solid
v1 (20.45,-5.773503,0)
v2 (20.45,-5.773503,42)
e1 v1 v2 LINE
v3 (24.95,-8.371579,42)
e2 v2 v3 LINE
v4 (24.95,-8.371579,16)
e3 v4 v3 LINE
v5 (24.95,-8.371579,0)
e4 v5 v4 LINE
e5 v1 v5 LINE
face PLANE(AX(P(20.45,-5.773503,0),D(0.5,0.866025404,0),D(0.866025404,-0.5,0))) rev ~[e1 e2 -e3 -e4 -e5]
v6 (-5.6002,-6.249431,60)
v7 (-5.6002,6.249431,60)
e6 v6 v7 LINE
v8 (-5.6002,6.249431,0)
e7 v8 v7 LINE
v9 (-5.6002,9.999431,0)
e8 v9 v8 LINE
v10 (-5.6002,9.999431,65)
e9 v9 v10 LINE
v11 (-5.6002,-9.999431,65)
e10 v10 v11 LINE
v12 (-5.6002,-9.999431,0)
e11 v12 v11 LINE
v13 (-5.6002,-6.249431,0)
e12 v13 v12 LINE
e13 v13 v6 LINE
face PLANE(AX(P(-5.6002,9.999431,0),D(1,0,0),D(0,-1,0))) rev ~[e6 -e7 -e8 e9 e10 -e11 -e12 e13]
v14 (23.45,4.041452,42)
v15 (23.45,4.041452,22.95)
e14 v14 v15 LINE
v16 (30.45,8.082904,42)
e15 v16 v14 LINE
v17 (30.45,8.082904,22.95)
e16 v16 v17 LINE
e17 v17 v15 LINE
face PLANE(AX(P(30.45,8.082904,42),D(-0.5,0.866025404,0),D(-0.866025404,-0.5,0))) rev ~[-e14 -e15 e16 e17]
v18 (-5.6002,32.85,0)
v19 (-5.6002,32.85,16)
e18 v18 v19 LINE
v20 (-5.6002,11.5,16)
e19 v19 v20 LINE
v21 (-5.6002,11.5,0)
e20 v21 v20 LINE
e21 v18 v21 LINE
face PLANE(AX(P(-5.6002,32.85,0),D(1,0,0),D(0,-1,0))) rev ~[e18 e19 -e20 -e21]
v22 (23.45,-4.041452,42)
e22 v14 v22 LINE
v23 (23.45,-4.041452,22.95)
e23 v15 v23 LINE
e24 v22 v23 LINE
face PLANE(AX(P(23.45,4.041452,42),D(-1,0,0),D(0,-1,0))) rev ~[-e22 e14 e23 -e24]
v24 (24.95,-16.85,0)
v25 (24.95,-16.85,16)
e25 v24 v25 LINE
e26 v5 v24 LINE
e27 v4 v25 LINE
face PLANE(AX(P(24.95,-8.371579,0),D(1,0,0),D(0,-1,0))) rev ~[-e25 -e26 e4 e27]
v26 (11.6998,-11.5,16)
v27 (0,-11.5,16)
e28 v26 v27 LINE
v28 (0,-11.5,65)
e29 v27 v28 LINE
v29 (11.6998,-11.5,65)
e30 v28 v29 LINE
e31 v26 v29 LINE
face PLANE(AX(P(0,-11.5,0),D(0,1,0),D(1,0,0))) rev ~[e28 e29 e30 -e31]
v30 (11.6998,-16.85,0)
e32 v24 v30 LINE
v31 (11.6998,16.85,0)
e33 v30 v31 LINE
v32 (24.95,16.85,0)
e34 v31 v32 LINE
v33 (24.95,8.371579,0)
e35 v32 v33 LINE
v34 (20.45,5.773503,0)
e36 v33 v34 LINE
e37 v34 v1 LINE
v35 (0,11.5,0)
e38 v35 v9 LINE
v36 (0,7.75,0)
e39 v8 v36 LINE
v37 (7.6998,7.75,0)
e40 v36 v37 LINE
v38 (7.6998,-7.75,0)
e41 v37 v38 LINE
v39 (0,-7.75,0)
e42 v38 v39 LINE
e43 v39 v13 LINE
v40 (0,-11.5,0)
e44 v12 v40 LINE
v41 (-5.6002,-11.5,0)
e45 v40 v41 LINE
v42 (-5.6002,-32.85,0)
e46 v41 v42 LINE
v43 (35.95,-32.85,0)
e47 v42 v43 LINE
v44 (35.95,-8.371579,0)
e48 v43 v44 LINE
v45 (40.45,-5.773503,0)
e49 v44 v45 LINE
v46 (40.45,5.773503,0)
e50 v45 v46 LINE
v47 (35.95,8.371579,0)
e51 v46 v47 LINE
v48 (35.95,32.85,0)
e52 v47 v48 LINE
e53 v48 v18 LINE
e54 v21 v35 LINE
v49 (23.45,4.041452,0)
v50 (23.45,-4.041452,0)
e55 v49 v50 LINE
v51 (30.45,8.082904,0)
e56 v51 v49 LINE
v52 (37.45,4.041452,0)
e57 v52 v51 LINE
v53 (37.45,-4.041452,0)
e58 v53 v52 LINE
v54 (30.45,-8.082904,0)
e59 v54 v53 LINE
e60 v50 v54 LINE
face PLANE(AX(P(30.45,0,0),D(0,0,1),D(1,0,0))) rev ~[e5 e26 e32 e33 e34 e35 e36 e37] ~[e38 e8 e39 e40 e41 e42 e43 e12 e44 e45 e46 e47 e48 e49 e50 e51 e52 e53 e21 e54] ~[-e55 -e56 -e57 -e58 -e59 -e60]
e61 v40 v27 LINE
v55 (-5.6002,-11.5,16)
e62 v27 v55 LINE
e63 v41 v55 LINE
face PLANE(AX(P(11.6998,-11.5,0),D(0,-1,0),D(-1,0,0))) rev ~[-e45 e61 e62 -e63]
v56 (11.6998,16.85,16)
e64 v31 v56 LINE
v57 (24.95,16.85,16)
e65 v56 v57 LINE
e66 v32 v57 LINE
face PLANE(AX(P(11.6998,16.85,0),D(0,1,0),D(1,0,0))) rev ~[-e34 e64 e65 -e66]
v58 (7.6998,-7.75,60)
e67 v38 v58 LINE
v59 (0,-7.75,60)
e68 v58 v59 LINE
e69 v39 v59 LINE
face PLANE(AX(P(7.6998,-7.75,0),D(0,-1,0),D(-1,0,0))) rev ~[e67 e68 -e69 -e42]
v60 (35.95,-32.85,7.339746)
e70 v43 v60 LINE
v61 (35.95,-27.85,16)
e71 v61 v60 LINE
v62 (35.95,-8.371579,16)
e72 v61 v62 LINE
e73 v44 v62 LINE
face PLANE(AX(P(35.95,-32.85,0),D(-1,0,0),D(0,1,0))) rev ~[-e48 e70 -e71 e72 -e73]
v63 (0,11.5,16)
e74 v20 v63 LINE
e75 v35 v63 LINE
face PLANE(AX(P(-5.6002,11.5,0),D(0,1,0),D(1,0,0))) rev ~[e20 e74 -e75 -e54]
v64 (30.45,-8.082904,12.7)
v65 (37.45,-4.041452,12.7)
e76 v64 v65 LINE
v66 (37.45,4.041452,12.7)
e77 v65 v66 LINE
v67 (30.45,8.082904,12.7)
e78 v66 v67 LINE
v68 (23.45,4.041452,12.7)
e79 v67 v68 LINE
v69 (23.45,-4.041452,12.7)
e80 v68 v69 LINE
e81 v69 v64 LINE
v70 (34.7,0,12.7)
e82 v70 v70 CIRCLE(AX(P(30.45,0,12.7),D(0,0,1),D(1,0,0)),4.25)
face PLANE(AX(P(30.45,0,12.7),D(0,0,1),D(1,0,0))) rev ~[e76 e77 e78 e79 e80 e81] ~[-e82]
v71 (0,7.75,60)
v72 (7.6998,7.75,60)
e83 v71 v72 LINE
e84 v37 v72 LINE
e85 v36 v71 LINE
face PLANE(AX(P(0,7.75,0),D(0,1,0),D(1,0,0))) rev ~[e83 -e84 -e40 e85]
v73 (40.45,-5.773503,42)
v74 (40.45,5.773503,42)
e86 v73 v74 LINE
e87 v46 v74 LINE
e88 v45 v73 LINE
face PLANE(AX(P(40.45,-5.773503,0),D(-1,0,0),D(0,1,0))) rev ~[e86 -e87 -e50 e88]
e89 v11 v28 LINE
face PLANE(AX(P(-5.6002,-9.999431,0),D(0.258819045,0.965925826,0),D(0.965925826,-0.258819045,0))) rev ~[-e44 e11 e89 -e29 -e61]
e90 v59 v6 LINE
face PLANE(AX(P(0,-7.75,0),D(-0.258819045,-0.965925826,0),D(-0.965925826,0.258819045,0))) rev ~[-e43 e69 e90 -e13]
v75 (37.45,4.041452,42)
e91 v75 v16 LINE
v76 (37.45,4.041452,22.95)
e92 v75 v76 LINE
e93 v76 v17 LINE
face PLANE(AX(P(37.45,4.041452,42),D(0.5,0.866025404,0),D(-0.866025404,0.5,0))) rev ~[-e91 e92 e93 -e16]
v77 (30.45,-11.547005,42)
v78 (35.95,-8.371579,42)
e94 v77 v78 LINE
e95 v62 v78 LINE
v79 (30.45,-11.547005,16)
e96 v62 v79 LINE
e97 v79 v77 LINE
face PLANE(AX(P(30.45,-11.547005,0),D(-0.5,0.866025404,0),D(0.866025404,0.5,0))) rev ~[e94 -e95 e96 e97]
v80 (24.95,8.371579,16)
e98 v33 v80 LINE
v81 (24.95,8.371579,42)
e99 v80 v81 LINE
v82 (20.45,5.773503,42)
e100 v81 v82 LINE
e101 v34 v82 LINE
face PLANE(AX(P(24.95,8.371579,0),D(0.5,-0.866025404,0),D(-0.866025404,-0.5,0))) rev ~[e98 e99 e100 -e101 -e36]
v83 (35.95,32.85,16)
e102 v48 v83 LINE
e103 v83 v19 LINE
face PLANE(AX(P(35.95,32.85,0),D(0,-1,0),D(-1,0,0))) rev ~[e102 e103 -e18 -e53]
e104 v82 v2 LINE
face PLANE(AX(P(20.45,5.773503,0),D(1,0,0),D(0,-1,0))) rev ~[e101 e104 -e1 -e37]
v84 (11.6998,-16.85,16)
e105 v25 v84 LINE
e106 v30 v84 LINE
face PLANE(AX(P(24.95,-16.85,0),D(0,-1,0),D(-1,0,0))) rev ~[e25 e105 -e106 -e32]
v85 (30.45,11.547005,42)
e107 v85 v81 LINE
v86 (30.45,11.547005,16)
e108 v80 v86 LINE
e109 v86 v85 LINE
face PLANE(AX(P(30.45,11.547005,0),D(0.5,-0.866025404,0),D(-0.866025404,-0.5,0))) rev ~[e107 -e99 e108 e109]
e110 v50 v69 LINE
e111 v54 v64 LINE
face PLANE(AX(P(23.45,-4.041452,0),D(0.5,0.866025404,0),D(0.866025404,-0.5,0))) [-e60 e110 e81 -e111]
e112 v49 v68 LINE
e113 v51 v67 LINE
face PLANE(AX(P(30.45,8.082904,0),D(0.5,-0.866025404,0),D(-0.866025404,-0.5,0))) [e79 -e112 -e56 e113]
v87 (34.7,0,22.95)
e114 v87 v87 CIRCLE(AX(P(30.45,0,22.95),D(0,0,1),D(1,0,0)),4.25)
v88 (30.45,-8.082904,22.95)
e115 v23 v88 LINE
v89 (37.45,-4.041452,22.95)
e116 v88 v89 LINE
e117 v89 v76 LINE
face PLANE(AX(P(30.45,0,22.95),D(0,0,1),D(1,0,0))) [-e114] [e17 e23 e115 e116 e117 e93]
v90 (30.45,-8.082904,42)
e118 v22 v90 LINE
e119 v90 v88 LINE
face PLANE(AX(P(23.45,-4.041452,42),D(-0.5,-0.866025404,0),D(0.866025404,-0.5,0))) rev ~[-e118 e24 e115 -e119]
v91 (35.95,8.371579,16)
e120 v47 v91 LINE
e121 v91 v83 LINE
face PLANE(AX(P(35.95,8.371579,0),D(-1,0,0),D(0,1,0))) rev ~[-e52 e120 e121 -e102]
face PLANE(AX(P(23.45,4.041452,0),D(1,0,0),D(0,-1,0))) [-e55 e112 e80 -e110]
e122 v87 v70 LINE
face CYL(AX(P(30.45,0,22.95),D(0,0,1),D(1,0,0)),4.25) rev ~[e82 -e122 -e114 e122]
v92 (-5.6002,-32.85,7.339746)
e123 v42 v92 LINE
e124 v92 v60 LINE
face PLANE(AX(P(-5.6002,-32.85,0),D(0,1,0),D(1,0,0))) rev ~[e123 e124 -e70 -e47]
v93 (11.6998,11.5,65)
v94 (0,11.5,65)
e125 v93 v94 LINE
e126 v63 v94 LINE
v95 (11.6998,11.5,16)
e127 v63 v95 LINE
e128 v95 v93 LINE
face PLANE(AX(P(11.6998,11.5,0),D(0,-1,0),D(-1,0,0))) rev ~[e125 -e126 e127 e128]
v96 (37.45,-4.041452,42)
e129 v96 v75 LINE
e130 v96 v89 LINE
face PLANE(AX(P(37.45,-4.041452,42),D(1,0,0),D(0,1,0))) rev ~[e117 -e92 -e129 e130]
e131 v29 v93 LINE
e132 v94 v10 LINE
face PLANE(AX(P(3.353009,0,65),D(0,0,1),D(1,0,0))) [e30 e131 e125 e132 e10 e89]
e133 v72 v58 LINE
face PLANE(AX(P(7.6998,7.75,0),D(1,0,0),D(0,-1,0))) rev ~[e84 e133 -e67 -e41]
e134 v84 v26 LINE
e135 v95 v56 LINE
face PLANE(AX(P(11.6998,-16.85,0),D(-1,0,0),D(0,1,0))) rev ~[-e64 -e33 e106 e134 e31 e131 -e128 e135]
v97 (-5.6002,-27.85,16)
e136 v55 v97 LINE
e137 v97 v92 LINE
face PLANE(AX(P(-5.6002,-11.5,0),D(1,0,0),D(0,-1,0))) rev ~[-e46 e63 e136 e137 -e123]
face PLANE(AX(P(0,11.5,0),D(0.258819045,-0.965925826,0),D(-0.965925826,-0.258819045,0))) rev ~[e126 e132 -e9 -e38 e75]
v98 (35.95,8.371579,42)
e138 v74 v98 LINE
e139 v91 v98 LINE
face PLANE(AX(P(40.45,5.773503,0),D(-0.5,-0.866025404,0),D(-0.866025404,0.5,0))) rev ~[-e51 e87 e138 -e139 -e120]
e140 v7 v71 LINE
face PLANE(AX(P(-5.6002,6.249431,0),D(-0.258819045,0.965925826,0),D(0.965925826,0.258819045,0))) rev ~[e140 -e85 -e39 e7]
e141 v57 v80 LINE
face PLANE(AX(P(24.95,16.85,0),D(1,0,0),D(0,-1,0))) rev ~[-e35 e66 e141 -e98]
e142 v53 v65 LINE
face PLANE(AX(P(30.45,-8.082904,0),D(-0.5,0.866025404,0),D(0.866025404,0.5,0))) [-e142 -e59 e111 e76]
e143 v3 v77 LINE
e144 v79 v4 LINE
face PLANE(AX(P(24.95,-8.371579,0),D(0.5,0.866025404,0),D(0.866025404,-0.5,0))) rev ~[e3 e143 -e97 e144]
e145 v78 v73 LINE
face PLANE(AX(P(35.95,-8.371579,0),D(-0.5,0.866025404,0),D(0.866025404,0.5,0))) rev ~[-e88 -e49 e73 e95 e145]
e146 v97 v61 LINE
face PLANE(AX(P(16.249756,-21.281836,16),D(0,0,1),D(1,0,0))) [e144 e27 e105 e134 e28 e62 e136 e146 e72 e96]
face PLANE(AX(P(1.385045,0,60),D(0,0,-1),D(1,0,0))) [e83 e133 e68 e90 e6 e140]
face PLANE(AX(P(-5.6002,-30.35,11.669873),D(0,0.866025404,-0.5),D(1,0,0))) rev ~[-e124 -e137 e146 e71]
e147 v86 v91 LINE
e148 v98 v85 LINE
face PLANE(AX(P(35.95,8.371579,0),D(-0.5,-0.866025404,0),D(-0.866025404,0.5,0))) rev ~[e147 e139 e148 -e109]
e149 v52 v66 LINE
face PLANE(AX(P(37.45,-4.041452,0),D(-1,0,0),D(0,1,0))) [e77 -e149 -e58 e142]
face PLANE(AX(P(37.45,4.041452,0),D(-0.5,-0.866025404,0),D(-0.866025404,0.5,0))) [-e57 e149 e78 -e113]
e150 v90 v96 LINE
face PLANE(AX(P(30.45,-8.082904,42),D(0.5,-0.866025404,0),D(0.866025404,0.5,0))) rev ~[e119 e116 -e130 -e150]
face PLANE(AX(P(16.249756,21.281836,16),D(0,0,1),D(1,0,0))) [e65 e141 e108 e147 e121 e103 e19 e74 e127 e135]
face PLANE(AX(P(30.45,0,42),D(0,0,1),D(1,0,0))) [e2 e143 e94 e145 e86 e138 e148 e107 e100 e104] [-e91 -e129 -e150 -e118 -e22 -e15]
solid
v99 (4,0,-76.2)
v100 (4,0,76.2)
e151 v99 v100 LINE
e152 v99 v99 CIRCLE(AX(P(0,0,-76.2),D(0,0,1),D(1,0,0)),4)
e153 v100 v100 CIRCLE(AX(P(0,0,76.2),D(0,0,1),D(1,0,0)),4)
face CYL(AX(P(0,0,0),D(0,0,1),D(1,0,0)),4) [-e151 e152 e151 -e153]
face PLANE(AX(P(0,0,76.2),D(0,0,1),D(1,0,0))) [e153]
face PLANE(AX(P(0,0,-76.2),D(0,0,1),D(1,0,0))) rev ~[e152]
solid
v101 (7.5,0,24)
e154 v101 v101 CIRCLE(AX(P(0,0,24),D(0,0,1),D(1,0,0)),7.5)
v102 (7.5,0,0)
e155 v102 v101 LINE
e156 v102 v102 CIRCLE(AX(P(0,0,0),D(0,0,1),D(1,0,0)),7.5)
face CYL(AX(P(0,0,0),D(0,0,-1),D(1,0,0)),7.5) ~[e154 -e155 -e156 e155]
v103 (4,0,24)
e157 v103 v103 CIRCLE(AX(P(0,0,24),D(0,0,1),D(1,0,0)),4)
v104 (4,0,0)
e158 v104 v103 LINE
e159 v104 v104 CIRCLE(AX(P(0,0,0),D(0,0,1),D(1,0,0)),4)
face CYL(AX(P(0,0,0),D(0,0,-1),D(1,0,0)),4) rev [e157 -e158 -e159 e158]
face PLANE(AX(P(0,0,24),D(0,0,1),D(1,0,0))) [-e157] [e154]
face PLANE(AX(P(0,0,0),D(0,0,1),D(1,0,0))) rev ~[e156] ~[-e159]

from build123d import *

# Parameters (mm, degrees)
F0_R      = 4
F1_DEPTH  = 76.2
F3_R      = 7.5
F3_R_2    = 4
F4_DEPTH  = 24
F5_DEPTH  = 65
F6_DEPTH  = 16
F7_DEPTH  = 42
F9_DEPTH  = 19.05
F11_DEPTH = 12.7
F12_R     = 4.25
F13_DEPTH = 99.151
F14_SIZE2 = 8.6602540378
F14_SIZE  = 5
F16_DEPTH = 60


with BuildPart() as f1:
    # F0 (on Top) → F1 (new body, symmetric)
    with BuildSketch(Plane.XY):
        Circle(F0_R)
    extrude(amount=F1_DEPTH, both=True)


with BuildPart() as f4:
    # F3 (on Top) → F4 (new body)
    with BuildSketch(Plane.XY):
        Circle(F3_R)
        Circle(F3_R_2, mode=Mode.SUBTRACT)
    extrude(amount=F4_DEPTH)


with BuildPart() as f5:
    # F2 (on Top) → F5 (new body)
    with BuildSketch(Plane.XY):
        Polygon((11.6998, 11.5), (0, 11.5), (-5.6002, 9.9994309325), (-5.6002, -9.9994309325), (0, -11.5), (11.6998, -11.5), align=None)
    extrude(amount=F5_DEPTH)

    # F2 (on Top) → F6 (join)
    with BuildSketch(Plane.XY):
        Polygon((11.6998, -16.85), (11.6998, -11.5), (0, -11.5), (-5.6002, -11.5), (-5.6002, -32.85), (35.95, -32.85), (35.95, -8.3715789032), (30.45, -11.5470053838), (24.95, -8.3715789032), (24.95, -16.85), align=None)
        Polygon((-5.6002, 11.5), (0, 11.5), (11.6998, 11.5), (11.6998, 16.85), (24.95, 16.85), (24.95, 8.3715789032), (30.45, 11.5470053838), (35.95, 8.3715789032), (35.95, 32.85), (-5.6002, 32.85), align=None)
        Polygon((30.45, 11.5470053838), (24.95, 8.3715789032), (35.95, 8.3715789032), align=None)
        Polygon((35.95, -8.3715789032), (24.95, -8.3715789032), (30.45, -11.5470053838), align=None)
    extrude(amount=F6_DEPTH)

    # F2 (on Top) → F7 (join)
    with BuildSketch(Plane.XY):
        Polygon((35.95, 8.3715789032), (24.95, 8.3715789032), (20.45, 5.7735026919), (20.45, -5.7735026919), (24.95, -8.3715789032), (35.95, -8.3715789032), (40.45, -5.7735026919), (40.45, 5.7735026919), align=None)
        Polygon((35.95, -8.3715789032), (24.95, -8.3715789032), (30.45, -11.5470053838), align=None)
        Polygon((30.45, 11.5470053838), (24.95, 8.3715789032), (35.95, 8.3715789032), align=None)
    extrude(amount=F7_DEPTH)

    # F8 (on face) → F9 (cut)
    with BuildSketch(Plane.XY.offset(42)):
        Polygon((30.45, -8.0829037687), (37.45, -4.0414518843), (37.45, 4.0414518843), (30.45, 8.0829037687), (23.45, 4.0414518843), (23.45, -4.0414518843), align=None)
    extrude(amount=-F9_DEPTH, mode=Mode.SUBTRACT)

    # F10 (on face) → F11 (cut)
    with BuildSketch(Plane.XY):
        Polygon((37.45, 4.0414518843), (30.45, 8.0829037687), (23.45, 4.0414518843), (23.45, -4.0414518843), (30.45, -8.0829037687), (37.45, -4.0414518843), align=None)
    extrude(amount=F11_DEPTH, mode=Mode.SUBTRACT)

    # F12 (on face) → F13 (cut, through all)
    with BuildSketch(Plane.XY.offset(22.95)):
        with Locations((30.45, 0)):
            Circle(F12_R)
    extrude(amount=-F13_DEPTH, mode=Mode.SUBTRACT)

    # F14
    f14_edges = [f5.edges().sort_by_distance(p)[0] for p in [
        (15.1749, -32.85, 16),
    ]]
    f14_side = f5.faces().sort_by_distance((15.217605, -22.61731, 16))[0]
    chamfer(f14_edges, length=F14_SIZE, length2=F14_SIZE2, reference=f14_side)

    # F15 (on face) → F16 (cut)
    with BuildSketch(Plane(origin=(0, 0, 0), x_dir=(1, 0, 0), z_dir=(0, 0, -1))):
        Polygon((-5.6002, 6.2494309325), (-5.6002, -6.2494309325), (0, -7.75), (7.6998, -7.75), (7.6998, 7.75), (0, 7.75), align=None)
    extrude(amount=-F16_DEPTH, mode=Mode.SUBTRACT)


solid = Compound([f1.part, f4.part, f5.part])
